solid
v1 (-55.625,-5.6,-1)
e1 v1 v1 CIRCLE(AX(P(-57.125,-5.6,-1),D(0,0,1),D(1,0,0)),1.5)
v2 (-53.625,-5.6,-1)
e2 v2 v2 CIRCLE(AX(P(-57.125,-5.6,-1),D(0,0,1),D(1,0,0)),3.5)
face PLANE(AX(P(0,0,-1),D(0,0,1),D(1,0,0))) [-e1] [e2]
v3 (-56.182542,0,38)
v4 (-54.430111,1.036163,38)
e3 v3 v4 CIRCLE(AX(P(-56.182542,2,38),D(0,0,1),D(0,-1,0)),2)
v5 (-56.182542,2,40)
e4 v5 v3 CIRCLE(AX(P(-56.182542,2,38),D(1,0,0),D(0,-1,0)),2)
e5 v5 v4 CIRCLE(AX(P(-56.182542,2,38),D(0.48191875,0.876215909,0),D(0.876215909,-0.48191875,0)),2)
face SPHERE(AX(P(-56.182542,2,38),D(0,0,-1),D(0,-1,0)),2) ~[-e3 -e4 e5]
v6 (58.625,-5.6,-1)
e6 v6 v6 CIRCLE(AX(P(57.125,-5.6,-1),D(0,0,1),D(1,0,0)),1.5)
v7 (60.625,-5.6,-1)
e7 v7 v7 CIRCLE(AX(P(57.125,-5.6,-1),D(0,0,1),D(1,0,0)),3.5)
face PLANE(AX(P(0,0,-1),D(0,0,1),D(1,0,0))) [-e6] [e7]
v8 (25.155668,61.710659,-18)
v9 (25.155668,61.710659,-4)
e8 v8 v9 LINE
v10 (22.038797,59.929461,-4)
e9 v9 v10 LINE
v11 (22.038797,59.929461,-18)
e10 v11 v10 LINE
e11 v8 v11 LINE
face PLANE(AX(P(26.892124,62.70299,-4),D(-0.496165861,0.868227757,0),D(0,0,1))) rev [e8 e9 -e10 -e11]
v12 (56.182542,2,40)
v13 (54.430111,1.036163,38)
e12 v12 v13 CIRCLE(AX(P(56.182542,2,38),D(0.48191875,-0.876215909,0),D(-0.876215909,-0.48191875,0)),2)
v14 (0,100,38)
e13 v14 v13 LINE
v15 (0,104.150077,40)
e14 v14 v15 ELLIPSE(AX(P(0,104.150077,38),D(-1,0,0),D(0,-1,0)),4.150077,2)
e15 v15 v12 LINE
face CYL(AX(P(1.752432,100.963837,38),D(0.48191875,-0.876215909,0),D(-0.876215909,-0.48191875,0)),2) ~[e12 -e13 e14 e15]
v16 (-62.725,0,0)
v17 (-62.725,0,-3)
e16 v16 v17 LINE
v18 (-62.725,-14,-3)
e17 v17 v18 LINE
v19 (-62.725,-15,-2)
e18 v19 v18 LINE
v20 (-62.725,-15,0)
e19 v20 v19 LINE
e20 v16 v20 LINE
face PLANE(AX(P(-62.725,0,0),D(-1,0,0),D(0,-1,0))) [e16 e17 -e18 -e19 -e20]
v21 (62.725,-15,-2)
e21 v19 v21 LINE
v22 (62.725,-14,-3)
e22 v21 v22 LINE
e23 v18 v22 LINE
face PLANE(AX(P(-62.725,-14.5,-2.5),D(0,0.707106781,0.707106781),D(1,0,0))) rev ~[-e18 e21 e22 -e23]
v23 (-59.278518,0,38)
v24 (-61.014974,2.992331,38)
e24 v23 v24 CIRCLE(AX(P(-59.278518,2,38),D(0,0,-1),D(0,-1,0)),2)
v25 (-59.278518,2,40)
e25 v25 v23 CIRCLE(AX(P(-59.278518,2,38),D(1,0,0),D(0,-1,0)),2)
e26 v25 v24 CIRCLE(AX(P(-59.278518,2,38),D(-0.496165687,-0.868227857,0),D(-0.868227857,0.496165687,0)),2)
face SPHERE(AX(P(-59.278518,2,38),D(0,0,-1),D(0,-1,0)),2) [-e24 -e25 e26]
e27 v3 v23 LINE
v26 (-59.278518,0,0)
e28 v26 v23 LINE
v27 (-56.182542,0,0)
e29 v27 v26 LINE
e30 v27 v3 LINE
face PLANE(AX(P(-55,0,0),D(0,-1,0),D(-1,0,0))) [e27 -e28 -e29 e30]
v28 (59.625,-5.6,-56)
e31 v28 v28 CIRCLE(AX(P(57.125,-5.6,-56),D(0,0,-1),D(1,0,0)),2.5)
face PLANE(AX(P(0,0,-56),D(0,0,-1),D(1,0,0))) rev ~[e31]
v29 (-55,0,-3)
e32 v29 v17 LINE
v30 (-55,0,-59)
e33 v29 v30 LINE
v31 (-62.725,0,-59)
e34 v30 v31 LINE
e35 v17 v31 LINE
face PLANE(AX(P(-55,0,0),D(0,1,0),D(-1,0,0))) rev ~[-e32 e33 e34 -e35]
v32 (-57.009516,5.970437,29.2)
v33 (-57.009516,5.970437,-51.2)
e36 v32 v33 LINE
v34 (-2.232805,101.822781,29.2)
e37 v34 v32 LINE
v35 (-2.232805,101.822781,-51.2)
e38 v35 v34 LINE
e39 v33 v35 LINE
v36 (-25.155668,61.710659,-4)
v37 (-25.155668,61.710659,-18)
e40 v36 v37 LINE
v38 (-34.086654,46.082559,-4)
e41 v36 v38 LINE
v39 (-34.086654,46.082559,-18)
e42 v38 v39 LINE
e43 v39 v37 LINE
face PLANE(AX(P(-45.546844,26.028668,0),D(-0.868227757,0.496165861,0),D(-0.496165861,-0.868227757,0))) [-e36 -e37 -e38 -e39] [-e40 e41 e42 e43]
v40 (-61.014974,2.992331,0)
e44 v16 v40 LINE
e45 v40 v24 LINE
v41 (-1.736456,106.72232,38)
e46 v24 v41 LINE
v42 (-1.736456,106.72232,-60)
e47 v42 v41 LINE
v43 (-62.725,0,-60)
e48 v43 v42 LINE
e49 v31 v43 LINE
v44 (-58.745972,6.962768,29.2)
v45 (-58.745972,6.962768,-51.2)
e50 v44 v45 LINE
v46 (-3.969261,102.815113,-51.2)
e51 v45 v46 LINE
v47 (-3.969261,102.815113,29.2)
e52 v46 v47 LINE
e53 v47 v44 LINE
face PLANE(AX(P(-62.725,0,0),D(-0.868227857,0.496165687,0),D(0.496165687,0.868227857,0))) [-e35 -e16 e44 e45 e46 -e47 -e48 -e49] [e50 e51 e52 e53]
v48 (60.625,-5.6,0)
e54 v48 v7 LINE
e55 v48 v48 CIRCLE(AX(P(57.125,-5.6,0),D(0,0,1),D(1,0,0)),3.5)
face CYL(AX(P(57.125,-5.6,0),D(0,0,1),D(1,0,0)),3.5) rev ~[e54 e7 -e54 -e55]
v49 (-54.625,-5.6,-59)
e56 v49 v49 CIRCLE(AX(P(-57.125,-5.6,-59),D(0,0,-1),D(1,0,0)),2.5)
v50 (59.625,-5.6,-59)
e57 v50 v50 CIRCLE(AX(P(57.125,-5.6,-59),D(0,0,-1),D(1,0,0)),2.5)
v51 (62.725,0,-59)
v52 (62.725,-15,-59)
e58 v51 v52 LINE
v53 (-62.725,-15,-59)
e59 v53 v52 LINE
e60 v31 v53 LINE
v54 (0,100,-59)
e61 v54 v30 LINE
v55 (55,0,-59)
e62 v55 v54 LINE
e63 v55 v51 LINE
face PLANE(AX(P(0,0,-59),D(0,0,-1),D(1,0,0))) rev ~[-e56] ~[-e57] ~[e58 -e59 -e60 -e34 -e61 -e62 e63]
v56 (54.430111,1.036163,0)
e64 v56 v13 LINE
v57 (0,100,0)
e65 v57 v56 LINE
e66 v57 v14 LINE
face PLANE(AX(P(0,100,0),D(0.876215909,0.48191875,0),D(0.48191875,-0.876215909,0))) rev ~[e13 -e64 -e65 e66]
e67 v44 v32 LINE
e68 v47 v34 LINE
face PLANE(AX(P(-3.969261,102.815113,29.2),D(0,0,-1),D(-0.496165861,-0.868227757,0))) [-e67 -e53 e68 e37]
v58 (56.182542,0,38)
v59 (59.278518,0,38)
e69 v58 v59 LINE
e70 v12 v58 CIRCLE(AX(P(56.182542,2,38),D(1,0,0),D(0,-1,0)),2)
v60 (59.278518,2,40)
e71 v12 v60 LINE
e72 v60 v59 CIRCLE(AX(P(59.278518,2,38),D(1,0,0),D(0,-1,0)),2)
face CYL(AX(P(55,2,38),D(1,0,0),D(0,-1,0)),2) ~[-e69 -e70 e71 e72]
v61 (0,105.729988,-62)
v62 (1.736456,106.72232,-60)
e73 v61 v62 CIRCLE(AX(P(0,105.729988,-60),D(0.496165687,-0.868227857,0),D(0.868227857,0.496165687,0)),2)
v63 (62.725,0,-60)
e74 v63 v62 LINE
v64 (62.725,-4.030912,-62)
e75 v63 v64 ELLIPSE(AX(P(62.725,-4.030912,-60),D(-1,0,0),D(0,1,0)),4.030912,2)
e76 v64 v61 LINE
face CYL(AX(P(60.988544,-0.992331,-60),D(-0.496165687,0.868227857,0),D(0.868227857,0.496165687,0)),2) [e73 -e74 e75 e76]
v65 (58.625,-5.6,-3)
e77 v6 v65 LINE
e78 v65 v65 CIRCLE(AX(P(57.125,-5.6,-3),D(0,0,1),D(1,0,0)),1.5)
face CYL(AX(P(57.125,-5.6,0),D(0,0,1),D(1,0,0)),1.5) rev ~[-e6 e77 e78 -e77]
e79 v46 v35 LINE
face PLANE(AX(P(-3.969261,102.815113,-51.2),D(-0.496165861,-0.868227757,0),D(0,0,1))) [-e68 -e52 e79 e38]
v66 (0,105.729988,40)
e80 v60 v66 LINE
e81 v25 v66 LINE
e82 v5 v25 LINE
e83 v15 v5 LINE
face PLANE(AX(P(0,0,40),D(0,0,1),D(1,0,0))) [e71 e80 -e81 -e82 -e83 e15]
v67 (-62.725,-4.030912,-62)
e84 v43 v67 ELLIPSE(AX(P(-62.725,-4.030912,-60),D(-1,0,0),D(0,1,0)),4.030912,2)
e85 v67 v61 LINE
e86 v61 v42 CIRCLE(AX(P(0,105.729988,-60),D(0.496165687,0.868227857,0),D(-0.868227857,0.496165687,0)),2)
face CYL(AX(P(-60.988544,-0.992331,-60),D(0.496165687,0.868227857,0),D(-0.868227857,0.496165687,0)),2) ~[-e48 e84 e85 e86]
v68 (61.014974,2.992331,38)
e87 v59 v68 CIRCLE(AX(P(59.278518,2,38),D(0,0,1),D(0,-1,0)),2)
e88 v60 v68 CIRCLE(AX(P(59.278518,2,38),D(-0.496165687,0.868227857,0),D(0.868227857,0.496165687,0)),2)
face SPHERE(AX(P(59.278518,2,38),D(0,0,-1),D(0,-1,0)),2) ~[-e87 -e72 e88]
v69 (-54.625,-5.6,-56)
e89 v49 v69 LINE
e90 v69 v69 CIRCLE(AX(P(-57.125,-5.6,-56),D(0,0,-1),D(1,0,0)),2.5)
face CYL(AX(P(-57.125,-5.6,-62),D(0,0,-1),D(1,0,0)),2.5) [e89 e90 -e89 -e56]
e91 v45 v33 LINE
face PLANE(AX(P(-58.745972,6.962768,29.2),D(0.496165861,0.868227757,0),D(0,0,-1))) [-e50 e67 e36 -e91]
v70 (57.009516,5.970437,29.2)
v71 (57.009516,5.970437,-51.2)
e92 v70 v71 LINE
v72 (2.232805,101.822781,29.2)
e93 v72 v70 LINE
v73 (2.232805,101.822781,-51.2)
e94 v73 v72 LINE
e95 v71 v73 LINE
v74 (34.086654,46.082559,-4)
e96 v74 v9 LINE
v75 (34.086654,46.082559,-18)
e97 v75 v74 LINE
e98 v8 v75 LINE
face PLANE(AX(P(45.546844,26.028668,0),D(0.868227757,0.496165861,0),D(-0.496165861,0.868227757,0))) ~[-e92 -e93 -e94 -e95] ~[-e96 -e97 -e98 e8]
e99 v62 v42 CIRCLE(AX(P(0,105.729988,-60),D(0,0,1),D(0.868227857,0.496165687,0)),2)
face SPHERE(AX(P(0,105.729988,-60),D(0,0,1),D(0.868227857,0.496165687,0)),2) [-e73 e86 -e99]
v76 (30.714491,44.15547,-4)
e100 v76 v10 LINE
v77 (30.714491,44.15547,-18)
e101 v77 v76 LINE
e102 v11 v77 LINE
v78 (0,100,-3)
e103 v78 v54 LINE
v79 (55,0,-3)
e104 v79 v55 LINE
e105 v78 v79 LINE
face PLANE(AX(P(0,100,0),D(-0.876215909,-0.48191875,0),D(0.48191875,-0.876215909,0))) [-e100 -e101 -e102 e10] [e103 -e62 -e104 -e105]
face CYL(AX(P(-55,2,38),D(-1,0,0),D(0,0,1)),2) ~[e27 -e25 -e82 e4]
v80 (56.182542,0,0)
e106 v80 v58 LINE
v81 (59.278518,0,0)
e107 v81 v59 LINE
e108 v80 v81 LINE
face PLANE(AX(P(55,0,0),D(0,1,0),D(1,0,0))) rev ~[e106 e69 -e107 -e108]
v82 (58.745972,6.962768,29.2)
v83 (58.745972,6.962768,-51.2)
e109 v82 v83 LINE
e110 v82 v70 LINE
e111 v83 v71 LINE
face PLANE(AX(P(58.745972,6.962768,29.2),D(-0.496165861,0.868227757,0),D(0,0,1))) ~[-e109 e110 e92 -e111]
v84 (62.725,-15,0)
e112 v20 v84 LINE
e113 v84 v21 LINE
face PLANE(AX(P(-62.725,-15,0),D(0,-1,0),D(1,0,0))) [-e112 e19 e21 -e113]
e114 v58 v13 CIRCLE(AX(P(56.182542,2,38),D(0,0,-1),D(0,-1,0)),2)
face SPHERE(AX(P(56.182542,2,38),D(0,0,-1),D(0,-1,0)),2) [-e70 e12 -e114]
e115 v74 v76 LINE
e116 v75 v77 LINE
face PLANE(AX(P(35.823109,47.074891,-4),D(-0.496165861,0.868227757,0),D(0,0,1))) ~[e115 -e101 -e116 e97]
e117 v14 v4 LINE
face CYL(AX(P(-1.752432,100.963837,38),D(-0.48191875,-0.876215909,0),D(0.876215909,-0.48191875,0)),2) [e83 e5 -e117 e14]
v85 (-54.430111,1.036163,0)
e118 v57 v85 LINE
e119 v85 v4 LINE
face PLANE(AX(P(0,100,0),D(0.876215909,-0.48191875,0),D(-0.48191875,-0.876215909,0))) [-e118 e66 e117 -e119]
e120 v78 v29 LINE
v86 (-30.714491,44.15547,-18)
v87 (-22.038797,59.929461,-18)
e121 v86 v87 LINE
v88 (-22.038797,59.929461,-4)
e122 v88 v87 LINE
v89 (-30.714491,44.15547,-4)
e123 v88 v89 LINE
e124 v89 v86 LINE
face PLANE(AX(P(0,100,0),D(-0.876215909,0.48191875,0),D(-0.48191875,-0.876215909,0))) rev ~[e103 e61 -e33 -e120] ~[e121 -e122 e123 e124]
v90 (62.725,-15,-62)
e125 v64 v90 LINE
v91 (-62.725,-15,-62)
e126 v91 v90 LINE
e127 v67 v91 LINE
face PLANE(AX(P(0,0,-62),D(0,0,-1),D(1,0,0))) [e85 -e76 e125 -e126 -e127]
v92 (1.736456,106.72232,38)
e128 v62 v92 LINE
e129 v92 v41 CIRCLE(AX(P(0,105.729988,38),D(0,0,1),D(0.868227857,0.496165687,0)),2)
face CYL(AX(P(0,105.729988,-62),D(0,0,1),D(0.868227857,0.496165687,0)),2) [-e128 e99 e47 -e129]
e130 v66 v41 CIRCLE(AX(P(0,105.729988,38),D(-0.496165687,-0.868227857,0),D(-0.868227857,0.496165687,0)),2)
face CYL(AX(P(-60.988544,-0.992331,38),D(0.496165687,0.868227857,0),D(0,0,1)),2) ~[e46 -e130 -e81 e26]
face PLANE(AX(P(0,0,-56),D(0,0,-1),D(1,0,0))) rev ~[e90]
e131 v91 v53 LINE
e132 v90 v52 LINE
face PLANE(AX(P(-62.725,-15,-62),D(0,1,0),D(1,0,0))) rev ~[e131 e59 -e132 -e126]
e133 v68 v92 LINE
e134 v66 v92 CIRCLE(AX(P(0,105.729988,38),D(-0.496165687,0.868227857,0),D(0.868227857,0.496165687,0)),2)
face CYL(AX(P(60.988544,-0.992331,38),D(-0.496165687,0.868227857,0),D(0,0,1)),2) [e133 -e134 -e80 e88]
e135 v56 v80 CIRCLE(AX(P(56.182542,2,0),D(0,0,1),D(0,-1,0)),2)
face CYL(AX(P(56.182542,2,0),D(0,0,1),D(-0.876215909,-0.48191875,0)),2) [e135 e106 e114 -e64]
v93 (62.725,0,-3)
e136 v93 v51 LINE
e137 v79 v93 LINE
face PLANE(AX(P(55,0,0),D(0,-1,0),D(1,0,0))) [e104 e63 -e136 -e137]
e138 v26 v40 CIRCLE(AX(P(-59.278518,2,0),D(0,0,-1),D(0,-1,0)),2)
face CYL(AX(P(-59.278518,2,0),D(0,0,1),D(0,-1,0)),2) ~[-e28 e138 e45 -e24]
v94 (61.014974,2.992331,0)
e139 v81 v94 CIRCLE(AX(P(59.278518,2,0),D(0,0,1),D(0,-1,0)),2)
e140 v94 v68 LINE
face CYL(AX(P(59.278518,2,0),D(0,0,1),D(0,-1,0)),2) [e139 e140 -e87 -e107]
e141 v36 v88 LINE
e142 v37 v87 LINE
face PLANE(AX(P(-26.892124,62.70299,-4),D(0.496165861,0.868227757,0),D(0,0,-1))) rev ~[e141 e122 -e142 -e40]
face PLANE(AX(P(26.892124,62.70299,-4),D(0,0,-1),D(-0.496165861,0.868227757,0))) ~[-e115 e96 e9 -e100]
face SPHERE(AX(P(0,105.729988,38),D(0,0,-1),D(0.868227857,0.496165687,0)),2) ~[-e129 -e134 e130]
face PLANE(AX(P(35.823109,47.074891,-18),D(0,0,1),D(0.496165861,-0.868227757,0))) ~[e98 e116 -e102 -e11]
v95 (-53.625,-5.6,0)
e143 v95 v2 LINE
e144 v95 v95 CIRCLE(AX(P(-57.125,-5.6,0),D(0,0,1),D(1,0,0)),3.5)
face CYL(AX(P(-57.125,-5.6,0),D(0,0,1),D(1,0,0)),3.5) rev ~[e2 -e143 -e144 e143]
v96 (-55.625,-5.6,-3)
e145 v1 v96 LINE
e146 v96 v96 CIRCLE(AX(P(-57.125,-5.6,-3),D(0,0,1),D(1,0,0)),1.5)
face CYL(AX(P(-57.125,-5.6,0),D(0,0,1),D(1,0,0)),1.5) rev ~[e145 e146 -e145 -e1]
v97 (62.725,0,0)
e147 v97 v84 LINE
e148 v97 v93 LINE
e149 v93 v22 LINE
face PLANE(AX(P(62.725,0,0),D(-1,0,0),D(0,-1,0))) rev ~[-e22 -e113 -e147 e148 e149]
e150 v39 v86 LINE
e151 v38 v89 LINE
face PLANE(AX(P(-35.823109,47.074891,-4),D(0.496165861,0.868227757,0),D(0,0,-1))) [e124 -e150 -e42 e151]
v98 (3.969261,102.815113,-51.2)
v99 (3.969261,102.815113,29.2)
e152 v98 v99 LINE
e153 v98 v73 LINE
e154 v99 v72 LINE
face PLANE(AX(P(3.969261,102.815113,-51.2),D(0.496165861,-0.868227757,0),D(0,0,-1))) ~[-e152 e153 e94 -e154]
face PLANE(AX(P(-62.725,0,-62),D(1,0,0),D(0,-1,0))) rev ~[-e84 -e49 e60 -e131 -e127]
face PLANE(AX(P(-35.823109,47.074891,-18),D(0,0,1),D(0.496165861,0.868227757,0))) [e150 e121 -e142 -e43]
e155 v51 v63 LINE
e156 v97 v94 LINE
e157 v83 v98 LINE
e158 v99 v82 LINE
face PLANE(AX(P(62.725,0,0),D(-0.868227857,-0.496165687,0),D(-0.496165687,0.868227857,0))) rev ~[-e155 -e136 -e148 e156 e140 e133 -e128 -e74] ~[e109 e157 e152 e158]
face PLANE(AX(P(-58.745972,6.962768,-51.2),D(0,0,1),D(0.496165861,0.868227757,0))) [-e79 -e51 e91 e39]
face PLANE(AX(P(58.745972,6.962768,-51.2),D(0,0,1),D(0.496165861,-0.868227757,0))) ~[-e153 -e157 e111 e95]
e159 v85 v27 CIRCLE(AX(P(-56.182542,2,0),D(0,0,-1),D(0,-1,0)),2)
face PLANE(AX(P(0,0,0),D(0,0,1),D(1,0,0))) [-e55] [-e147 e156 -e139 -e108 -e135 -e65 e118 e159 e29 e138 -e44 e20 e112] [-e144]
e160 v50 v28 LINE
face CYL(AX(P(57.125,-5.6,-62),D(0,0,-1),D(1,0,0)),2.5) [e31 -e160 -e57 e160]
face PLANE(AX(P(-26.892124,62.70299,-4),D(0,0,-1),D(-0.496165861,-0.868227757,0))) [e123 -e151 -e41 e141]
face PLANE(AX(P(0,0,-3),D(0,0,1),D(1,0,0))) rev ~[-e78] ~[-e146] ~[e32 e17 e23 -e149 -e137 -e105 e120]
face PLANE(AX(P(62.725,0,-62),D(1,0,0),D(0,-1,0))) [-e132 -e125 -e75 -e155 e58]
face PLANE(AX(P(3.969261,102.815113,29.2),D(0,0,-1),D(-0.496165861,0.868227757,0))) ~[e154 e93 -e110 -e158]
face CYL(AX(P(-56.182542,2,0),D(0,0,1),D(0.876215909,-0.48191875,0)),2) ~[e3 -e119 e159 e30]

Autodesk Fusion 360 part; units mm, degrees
sketch "Sketch1" plane through (0, 0, 0) normal (0, 0, 1) x (1, 0, 0)
  line L0 (0, 0) -> (62.725, 0)
  line L1 (0, 0) -> (-62.725, 0)
  line L2 (62.725, 0) -> (62.725, -15)
  circle A0 centre (-57.125, -5.6) radius 1.5
  line L3 (-62.725, 0) -> (-62.725, -15)
  line L4 (-62.725, -15) -> (62.725, -15)
  circle A1 centre (57.125, -5.6) radius 1.5
  line L5 (0, 0) -> (0, 109.7609) construction
  line L6 (-62.725, 0) -> (0, 109.7609)
  line L7 (62.725, 0) -> (0, 109.7609)
  line L8 (0, 109.7609) -> (0, 100)
  line L9 (0, 100) -> (-55, 0)
  line L10 (0, 100) -> (55, 0)
  circle A2 centre (-57.125, -5.6) radius 3.5
  circle A3 centre (57.125, -5.6) radius 3.5
  dimension "d1" = 62.725
  dimension "d2" = 62.725
  dimension "d3" = 15
  dimension "d8" = 3
  dimension "d9" = 15
  dimension "d12" = 3
  dimension "d33" = 2
  dimension "d34" = 2
extrude "Extrude1" add sketch "Sketch1" against normal blind 3 contours L0 L1 L2 L3 L4 | A2 | A3 makes body 1
extrude "Extrude2" add sketch "Sketch1" against normal blind 62 separate body contours L0 L7 L8 L10 | L1 L6 L8 L9 makes body 2
extrude "Extrude3" add sketch "Sketch1" against normal blind 3 contours L0 L1 L9 L10 bodies 1 2
sketch "Sketch2" plane through (0, 0, -62) normal (0, 0, -1) x (1, 0, 0)
  line L0 (0, -100) -> (-55, 0)
  line L1 (-55, 0) -> (-62.725, 0)
  line L2 (-62.725, 0) -> (0, -109.7609)
  line L3 (0, -109.7609) -> (62.725, 0)
  line L4 (55, 0) -> (0, -100)
  line L5 (0, 0) -> (-62.725, 0)
  line L6 (0, 0) -> (62.725, 0)
  line L7 (62.725, 0) -> (62.725, 15)
  line L8 (-62.725, 0) -> (-62.725, 15)
  line L9 (-62.725, 15) -> (62.725, 15)
  line L10 (62.725, 0) -> (55, 0)
  circle A0 centre (57.125, 5.6) radius 2.5
  circle A1 centre (-57.125, 5.6) radius 2.5
  dimension "d23" = 5
  dimension "d24" = 5.6
  dimension "d25" = 5.6
  dimension "d26" = 5
  dimension "d27" = 5.6
  dimension "d28" = 5.6
extrude "Extrude4" add sketch "Sketch2" against normal blind 3 separate body contours L1 L5 L6 L7 L8 L9 L10 | A0 | A1 makes body 3
extrude "Extrude5" add sketch "Sketch2" against normal blind 3 contours L0 L4 L5 L6 bodies 1 3
extrude "Extrude6" add sketch "Sketch2" against normal blind 6 contours A0 | A1 bodies 1
extrude "Extrude7" cut sketch "Sketch1" against normal blind 1 contours A2 | A3 bodies 1
chamfer "Chamfer1" distance 1 angle 45 1 edges at (0, -15, -3) on bodies 1
extrude "Extrude8" add sketch "Sketch1" along normal blind 40 contours L0 L7 L8 L10 | L1 L6 L8 L9 bodies 1
sketch "Sketch3" plane through (-47.2833, 27.021, 0) normal (-0.868228, 0.496166, 0) x (-0.496166, -0.868228, 0)
  line L0 (-95.2975, 40) -> (-95.2975, -62)
  line L1 (-95.2975, -62) -> (31.122, -62)
  line L2 (31.122, -62) -> (31.122, -59)
  line L3 (31.122, -59) -> (31.122, -3)
  line L4 (31.122, -3) -> (31.122, 0)
  line L5 (31.122, 0) -> (31.122, 40)
  line L6 (31.122, 40) -> (-95.2975, 40)
  line L7 (-87.0975, 29) -> (22.9025, 29) construction
  line L8 (22.9025, 29) -> (22.9025, -51) construction
  line L9 (22.9025, -51) -> (-87.0975, -51) construction
  line L10 (-87.0975, -51) -> (-87.0975, 29) construction
  line L11 (23.5025, -51.6) -> (-87.6975, -51.6) construction
  line L12 (-87.6975, -51.6) -> (-87.6975, 29.6) construction
  line L13 (-87.6975, 29.6) -> (23.5025, 29.6) construction
  line L14 (23.5025, 29.6) -> (23.5025, -51.6) construction
  line L15 (-54.0975, -4) -> (-10.0975, -4)
  line L16 (-10.0975, -4) -> (-10.0975, -18)
  line L17 (-10.0975, -18) -> (-54.0975, -18)
  line L18 (-54.0975, -18) -> (-54.0975, -4)
  line L19 (-87.2975, 29.2) -> (23.1025, 29.2)
  line L20 (23.1025, 29.2) -> (23.1025, -51.2)
  line L21 (23.1025, -51.2) -> (-87.2975, -51.2)
  line L22 (-87.2975, -51.2) -> (-87.2975, 29.2)
  line L23 (-41.0975, -4) -> (-41.0975, -18)
  line L24 (-23.0975, -4) -> (-23.0975, -18)
  line L25 (-23.0975, -18) -> (-41.0975, -18)
  line L26 (-23.0975, -4) -> (-41.0975, -4)
  dimension "d40" = 110
  dimension "d41" = 80
  dimension "d42" = 11
  dimension "d43" = 8.2
  dimension "d44" = -0.6
  dimension "d55" = 33
  dimension "d66" = -0.2
  dimension "d67" = 13
  dimension "d68" = 13
extrude "Extrude12" cut sketch "Sketch3" against normal blind 2 contours L15 L17 L18 L23 | L15 L17 L23 L24 L25 L26 | L15 L16 L17 L24 | L19 L20 L21 L22 bodies 1
extrude "Extrude13" cut sketch "Sketch3" against normal blind 15 contours L15 L17 L23 L24 L25 L26 bodies 1
mirror "Mirror2" about plane through (0, 0, 0) normal (1, 0, 0) of "Extrude12", "Extrude13"
fillet "Fillet2" radius 2 5 edges at (31.3625, 54.8805, 40) (-31.3625, 54.8805, 40) (0, 109.7609, -11) (31.3625, 54.8805, -62) (-31.3625, 54.8805, -62) on bodies 1
fillet "Fillet2" radius 2 8 edges at (-27.5, 50, 40) (27.5, 50, 40) (-55, 0, 20) (-62.725, 0, 20) (55, 0, 20) (62.725, 0, 20) (-58.8625, 0, 40) (58.8625, 0, 40) on bodies 1
equation "d15 = -56 mm - 6 mm"
